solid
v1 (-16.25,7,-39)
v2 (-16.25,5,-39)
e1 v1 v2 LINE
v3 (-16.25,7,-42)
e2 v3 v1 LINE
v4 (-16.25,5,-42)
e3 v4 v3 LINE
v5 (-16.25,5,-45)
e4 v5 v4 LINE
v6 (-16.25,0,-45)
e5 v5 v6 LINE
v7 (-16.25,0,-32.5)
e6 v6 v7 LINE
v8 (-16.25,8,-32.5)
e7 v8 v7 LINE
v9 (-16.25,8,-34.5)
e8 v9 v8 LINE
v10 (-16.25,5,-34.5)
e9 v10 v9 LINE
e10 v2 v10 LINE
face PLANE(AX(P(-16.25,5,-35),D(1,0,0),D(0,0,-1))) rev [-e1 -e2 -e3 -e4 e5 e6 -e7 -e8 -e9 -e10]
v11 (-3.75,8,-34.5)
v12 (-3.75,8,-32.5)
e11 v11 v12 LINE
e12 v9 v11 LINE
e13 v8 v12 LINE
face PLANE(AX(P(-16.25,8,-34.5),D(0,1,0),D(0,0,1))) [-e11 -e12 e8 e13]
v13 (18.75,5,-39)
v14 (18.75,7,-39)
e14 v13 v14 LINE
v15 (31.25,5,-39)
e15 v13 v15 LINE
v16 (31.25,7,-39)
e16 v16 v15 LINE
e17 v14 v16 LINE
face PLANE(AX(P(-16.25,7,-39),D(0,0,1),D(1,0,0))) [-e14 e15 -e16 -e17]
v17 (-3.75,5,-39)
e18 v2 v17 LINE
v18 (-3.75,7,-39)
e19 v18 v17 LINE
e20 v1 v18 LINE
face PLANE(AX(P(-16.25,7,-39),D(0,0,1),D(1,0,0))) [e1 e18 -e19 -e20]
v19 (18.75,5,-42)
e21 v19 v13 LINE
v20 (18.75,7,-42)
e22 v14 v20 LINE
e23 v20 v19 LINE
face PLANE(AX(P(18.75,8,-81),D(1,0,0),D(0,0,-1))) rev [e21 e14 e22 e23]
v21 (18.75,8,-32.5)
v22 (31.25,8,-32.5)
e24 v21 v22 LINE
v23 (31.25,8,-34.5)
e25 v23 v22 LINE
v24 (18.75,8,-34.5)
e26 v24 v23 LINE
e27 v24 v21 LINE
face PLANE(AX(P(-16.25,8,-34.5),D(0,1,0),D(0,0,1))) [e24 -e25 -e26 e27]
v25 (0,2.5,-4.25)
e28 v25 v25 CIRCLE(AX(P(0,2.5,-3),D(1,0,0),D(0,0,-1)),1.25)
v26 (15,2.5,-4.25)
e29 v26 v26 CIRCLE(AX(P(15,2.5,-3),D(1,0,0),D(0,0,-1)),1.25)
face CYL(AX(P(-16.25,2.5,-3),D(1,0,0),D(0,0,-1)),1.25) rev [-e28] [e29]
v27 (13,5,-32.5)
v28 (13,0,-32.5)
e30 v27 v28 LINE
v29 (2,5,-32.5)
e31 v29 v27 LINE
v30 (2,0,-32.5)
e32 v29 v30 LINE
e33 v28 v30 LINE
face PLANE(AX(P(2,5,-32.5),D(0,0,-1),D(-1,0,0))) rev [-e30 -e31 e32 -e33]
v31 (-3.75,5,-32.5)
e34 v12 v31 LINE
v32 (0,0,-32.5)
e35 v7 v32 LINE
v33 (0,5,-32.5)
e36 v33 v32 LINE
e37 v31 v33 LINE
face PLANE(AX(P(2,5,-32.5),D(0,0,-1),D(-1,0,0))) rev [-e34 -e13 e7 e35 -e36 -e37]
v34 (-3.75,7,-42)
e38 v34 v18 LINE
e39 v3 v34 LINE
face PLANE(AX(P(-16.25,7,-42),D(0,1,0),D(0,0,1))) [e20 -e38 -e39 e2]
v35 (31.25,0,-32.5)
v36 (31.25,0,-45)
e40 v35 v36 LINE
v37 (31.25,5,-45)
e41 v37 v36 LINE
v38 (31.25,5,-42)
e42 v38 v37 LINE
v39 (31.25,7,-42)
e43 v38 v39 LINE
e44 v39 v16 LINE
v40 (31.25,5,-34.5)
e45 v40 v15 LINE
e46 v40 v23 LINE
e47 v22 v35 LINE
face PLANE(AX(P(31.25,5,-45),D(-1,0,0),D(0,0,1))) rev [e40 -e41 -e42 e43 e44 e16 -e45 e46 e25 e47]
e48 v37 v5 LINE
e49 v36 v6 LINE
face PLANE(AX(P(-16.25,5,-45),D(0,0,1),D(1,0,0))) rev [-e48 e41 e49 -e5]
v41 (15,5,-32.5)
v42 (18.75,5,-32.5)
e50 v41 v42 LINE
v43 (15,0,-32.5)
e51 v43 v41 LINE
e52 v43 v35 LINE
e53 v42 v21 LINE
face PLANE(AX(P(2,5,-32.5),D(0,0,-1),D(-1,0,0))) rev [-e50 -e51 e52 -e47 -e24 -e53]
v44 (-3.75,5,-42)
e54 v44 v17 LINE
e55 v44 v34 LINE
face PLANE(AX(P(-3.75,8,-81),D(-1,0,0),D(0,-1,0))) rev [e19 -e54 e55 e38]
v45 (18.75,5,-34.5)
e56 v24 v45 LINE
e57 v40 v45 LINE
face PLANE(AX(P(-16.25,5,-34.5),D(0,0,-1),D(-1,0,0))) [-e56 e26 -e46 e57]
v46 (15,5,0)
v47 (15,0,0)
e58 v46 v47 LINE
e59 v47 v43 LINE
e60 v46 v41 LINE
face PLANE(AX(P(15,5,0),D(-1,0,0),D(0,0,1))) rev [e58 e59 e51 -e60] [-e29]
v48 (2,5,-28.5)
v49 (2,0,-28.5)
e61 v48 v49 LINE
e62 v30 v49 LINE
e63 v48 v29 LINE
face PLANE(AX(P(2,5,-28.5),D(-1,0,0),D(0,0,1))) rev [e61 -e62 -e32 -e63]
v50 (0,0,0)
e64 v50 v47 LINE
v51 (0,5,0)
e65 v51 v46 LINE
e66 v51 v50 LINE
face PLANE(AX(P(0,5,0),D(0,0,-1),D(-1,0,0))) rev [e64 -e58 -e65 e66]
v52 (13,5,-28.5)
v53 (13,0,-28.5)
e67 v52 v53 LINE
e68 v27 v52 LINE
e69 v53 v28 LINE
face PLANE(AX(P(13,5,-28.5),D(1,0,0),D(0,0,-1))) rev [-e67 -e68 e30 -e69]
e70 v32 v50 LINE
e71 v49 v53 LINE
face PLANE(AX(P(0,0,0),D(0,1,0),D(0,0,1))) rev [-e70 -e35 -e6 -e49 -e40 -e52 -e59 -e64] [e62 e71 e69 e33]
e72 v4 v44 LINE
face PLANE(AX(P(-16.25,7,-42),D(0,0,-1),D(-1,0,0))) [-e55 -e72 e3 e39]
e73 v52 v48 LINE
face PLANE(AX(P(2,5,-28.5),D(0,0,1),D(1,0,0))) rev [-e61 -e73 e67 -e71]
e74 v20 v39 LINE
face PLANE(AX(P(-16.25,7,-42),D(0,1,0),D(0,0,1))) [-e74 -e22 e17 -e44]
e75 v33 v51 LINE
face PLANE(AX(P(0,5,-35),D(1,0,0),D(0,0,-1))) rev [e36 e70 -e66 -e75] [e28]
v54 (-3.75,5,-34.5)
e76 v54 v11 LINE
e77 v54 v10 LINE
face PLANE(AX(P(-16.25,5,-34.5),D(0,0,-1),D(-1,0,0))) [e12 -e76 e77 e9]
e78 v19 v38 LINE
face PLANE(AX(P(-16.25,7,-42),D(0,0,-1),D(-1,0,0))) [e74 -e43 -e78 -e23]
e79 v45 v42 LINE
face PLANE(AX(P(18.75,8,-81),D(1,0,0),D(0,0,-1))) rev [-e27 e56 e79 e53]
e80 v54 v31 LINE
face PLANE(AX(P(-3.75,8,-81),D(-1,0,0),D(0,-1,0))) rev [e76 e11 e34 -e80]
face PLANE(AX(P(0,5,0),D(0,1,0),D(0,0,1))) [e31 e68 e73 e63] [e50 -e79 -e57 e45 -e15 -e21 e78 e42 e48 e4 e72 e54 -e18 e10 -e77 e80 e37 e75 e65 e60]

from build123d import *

# Parameters (mm, degrees)
BOSS_EXTRUDE1_DEPTH     = 5
SKETCH2_R               = 1.25
CUT_EXTRUDE2_DEPTH      = 56.014202712
CUT_EXTRUDE3_DEPTH      = 56.014202712
CUT_EXTRUDE3_DEPTH_BACK = 56.014202712
SKETCH6_W               = 11
SKETCH6_H               = 4
SKETCH8_W               = 3
SKETCH8_H               = 2
BOSS_EXTRUDE4_DEPTH     = 47.5
SKETCH9_W               = 22.5
SKETCH9_H               = 3
CUT_EXTRUDE5_DEPTH      = 48.5


with BuildPart() as part:
    # Sketch1 → Boss-Extrude1 (new body)
    with BuildSketch(Plane(origin=(0, 0, 0), x_dir=(1, 0, 0), z_dir=(0, 1, 0))):
        Polygon((0, 0), (15, 0), (15, 35), (31.25, 35), (31.25, 45), (-16.25, 45), (-16.25, 35), (0, 35), align=None)
    extrude(amount=BOSS_EXTRUDE1_DEPTH)

    # Sketch2 → Cut-Extrude2 (cut, through all)
    with BuildSketch(Plane(origin=(15, 0, 0), x_dir=(0, 0, -1), z_dir=(1, 0, 0))):
        with Locations((3, 2.5)):
            Circle(SKETCH2_R)
    extrude(amount=-CUT_EXTRUDE2_DEPTH, mode=Mode.SUBTRACT)

    # Sketch6 → Cut-Extrude3 (cut, two sides: drawn at the far end of the back side and taken through both)
    with BuildSketch(Plane.XZ.offset(-CUT_EXTRUDE3_DEPTH_BACK)):
        with Locations((7.5, -30.5)):
            Rectangle(SKETCH6_W, SKETCH6_H)
    extrude(amount=CUT_EXTRUDE3_DEPTH + CUT_EXTRUDE3_DEPTH_BACK, mode=Mode.SUBTRACT)

    # Sketch8 → Boss-Extrude4 (add)
    with BuildSketch(Plane(origin=(31.25, 0, 0), x_dir=(0, 0, -1), z_dir=(1, 0, 0))):
        with Locations((40.5, 6)):
            Rectangle(SKETCH8_W, SKETCH8_H)
        Polygon((34.5, 8), (32.5, 8), (32.5, 0), (35, 0), (35, 5), (34.5, 5), align=None)
    extrude(amount=-BOSS_EXTRUDE4_DEPTH)

    # Sketch9 → Cut-Extrude5 (cut)
    with BuildSketch(Plane.XY.offset(-32.5)):
        with Locations((7.5, 6.5)):
            Rectangle(SKETCH9_W, SKETCH9_H)
    extrude(amount=-CUT_EXTRUDE5_DEPTH, mode=Mode.SUBTRACT)


solid = part.part
